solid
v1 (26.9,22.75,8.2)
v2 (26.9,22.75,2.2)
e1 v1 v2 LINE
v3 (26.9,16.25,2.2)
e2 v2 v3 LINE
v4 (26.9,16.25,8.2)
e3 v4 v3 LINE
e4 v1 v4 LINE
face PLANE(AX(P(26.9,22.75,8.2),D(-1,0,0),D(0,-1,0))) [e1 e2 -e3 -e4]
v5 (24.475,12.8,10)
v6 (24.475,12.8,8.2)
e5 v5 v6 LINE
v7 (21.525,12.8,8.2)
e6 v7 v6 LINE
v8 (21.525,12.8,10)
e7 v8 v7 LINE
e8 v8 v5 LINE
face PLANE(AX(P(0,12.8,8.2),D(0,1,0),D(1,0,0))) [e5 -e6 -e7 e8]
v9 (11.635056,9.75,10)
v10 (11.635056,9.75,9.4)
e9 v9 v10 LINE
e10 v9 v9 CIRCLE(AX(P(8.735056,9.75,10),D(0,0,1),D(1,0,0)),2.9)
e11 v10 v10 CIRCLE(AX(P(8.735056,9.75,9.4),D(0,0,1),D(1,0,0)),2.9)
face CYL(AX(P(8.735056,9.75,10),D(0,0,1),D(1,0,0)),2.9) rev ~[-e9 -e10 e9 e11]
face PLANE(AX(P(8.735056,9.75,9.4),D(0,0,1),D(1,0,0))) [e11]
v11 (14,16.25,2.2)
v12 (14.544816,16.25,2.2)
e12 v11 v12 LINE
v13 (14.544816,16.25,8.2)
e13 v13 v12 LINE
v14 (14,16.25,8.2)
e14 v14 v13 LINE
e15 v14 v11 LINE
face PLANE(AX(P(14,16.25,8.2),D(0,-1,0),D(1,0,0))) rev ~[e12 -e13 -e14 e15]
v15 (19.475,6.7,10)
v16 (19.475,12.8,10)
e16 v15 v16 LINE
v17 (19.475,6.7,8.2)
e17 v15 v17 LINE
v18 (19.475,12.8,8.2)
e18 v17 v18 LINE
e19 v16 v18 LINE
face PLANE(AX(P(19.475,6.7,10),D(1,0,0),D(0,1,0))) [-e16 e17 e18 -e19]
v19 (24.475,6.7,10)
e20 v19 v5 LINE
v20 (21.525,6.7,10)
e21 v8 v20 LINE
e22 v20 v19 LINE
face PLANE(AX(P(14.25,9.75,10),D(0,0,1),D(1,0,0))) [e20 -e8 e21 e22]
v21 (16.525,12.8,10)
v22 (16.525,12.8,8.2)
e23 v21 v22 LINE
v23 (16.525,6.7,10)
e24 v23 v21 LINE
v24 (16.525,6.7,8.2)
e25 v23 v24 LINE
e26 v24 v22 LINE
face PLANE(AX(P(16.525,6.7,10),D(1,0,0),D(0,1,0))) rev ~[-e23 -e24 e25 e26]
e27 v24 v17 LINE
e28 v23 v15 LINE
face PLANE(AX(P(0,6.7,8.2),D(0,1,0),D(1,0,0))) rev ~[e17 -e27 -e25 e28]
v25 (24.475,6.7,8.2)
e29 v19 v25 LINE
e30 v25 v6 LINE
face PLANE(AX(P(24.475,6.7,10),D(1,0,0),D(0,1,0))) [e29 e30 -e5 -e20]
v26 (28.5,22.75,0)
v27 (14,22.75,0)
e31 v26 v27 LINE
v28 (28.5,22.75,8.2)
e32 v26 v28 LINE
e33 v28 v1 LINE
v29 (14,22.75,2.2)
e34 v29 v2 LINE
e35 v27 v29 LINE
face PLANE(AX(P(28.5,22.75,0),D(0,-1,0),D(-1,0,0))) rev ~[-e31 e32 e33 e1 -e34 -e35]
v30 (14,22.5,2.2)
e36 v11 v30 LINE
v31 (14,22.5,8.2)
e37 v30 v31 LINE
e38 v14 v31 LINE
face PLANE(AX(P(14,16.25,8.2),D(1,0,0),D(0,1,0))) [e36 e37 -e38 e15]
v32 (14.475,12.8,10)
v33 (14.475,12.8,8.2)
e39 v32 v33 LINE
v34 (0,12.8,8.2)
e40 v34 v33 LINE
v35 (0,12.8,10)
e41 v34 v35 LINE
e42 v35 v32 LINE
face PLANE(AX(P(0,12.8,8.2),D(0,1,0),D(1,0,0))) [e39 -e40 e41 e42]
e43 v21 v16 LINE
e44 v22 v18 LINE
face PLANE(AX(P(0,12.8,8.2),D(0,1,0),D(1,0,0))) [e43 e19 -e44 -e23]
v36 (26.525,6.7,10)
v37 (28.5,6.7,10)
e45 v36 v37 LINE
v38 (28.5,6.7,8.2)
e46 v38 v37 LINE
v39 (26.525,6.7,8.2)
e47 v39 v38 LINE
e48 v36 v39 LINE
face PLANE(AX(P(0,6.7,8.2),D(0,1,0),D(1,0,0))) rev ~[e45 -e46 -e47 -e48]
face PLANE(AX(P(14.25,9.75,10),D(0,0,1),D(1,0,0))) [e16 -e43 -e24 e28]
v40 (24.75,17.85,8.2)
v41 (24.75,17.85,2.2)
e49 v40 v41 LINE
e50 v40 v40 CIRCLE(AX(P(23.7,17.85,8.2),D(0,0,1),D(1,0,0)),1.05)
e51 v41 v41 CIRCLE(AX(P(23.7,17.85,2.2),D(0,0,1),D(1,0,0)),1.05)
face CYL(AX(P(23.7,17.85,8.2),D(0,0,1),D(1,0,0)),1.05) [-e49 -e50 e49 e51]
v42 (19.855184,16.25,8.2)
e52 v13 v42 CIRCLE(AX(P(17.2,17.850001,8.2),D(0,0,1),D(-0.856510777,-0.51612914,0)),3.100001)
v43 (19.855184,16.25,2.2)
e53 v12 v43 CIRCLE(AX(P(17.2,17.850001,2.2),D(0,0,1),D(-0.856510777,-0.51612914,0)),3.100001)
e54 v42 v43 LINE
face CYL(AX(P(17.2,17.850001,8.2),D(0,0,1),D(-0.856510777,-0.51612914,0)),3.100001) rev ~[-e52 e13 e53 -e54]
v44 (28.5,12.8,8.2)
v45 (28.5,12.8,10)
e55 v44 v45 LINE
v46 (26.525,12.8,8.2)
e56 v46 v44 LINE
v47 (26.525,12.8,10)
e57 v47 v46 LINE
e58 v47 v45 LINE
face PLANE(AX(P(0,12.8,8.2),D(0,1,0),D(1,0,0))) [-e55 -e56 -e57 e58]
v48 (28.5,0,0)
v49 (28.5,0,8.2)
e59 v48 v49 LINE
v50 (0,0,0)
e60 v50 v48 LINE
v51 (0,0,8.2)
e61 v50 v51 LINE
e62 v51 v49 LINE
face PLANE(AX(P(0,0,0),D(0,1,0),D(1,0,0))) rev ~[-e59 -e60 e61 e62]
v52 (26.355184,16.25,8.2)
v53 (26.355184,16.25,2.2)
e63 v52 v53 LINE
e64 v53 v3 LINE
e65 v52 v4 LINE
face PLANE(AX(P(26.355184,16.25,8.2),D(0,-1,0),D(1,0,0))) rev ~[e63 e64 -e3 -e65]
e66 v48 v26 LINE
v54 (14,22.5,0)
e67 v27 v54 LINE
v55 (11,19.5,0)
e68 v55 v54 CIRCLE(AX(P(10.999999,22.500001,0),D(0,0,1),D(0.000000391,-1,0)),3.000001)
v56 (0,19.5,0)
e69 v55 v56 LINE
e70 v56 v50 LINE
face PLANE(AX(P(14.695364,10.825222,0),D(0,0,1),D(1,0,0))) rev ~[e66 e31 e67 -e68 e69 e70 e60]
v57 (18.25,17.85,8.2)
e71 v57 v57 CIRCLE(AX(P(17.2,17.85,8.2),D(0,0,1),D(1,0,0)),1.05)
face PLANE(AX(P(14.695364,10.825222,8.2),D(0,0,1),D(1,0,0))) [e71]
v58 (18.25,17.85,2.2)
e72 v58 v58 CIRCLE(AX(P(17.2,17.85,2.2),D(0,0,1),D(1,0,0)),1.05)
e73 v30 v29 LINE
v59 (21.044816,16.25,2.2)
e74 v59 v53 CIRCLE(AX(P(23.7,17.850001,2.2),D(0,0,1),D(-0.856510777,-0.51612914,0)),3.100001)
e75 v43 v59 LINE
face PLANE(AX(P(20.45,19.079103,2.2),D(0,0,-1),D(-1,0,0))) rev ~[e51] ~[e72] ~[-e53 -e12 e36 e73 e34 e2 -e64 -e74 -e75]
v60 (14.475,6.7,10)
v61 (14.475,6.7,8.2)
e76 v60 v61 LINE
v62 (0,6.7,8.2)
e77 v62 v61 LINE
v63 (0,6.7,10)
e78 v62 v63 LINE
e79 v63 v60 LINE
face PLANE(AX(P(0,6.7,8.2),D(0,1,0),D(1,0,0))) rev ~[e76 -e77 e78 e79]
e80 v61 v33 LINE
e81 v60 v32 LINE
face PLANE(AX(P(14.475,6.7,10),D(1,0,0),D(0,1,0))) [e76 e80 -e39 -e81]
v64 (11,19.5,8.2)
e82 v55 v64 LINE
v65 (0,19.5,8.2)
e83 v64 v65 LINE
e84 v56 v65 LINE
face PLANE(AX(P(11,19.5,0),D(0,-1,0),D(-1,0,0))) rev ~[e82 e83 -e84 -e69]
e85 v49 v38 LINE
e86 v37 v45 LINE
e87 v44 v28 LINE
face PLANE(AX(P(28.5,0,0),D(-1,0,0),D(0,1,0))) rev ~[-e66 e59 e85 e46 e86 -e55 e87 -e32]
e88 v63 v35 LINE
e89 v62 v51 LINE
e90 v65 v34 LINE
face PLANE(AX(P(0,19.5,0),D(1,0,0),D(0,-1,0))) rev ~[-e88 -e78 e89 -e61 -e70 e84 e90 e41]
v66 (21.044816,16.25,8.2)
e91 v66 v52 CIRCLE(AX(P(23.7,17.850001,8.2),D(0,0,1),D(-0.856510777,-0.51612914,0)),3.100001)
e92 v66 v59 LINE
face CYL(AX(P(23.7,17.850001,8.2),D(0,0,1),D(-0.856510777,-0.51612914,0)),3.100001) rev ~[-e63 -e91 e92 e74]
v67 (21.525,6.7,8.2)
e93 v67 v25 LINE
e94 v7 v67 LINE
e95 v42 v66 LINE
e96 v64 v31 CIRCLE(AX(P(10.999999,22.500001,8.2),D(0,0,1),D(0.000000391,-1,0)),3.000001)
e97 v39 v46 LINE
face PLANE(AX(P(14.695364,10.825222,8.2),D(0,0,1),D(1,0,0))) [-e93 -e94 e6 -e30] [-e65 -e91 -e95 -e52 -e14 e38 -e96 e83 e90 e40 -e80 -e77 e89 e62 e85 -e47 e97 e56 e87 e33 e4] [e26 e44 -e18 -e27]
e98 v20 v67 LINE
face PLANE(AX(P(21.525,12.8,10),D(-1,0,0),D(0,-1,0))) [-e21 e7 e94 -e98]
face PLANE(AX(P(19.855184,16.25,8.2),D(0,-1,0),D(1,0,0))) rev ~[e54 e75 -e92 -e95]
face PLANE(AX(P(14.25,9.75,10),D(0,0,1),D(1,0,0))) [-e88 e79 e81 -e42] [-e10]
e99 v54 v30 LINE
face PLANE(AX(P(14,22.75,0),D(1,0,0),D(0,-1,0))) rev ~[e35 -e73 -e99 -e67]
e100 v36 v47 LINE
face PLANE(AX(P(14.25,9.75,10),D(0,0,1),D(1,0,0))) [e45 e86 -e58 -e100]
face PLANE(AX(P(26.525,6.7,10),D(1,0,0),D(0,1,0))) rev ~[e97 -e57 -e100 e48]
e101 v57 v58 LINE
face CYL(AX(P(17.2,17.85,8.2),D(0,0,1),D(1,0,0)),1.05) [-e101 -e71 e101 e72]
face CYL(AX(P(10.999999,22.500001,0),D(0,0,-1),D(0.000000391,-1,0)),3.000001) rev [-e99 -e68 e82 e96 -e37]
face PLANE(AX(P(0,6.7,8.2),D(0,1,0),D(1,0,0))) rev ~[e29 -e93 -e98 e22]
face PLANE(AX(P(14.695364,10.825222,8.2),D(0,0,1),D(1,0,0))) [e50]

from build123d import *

# Parameters (mm, degrees)
PAD004_DEPTH    = 8.2
SKETCH014_W     = 28.5
SKETCH014_H     = 6.1
PAD005_DEPTH    = 1.8
SKETCH015_R     = 2.9
POCKET004_DEPTH = 0.6
SKETCH016_W     = 2.05
SKETCH016_H     = 6.1
POCKET005_DEPTH = 1.8
SKETCH018_R     = 1.05
POCKET007_DEPTH = 6


with BuildPart() as part:
    # Sketch013 → Pad004 (new body)
    with BuildSketch(Plane.XY):
        with BuildLine():
            Line((0, 0), (28.5, 0))
            Line((28.5, 0), (28.5, 22.75))
            Line((28.5, 22.75), (14, 22.75))
            Line((14, 22.75), (14, 22.5))
            ThreePointArc((11, 19.5), (13.12132, 20.37868), (14, 22.5))
            Line((11, 19.5), (0, 19.5))
            Line((0, 19.5), (0, 0))
        make_face()
    extrude(amount=PAD004_DEPTH)

    # Sketch014 (on Face9 of Pad004) → Pad005 (join)
    with BuildSketch(Plane.XY.offset(8.2)):
        with Locations((14.25, 9.75)):
            Rectangle(SKETCH014_W, SKETCH014_H)
    extrude(amount=PAD005_DEPTH)

    # Sketch015 (on Face11 of Pad005) → Pocket004 (cut)
    with BuildSketch(Plane.XY.offset(10)):
        with Locations((8.735056, 9.75)):
            Circle(SKETCH015_R)
    extrude(amount=-POCKET004_DEPTH, mode=Mode.SUBTRACT)

    # Sketch016 (on Face10 of Pocket004) → Pocket005 (cut)
    with BuildSketch(Plane.XY.offset(10)):
        with Locations((15.5, 9.75)):
            Rectangle(SKETCH016_W, SKETCH016_H)
        Polygon((21.525, 12.8), (21.525, 6.7), (19.475, 6.7), (19.475, 12.8), (20.5, 12.8), align=None)
        with Locations((25.5, 9.75)):
            Rectangle(SKETCH016_W, SKETCH016_H)
    extrude(amount=-POCKET005_DEPTH, mode=Mode.SUBTRACT)

    # Sketch018 (on Face19 of Clone001) → Pocket007 (cut)
    with BuildSketch(Plane.XY.offset(8.2)):
        with BuildLine():
            Line((14, 22.75), (26.9, 22.75))
            Line((26.9, 22.75), (26.9, 16.25))
            Line((26.355184, 16.25), (26.9, 16.25))
            ThreePointArc((21.044816, 16.25), (23.7, 14.75), (26.355184, 16.25))
            Line((20.45, 16.25), (21.044816, 16.25))
            Line((19.855184, 16.25), (20.45, 16.25))
            ThreePointArc((14.544816, 16.25), (17.2, 14.75), (19.855184, 16.25))
            Line((14, 16.25), (14.544816, 16.25))
            Line((14, 16.25), (14, 22.75))
        make_face()
        with Locations((17.2, 17.85)):
            Circle(SKETCH018_R, mode=Mode.SUBTRACT)
        with Locations((23.7, 17.85)):
            Circle(SKETCH018_R, mode=Mode.SUBTRACT)
    extrude(amount=-POCKET007_DEPTH, mode=Mode.SUBTRACT)


solid = part.part
